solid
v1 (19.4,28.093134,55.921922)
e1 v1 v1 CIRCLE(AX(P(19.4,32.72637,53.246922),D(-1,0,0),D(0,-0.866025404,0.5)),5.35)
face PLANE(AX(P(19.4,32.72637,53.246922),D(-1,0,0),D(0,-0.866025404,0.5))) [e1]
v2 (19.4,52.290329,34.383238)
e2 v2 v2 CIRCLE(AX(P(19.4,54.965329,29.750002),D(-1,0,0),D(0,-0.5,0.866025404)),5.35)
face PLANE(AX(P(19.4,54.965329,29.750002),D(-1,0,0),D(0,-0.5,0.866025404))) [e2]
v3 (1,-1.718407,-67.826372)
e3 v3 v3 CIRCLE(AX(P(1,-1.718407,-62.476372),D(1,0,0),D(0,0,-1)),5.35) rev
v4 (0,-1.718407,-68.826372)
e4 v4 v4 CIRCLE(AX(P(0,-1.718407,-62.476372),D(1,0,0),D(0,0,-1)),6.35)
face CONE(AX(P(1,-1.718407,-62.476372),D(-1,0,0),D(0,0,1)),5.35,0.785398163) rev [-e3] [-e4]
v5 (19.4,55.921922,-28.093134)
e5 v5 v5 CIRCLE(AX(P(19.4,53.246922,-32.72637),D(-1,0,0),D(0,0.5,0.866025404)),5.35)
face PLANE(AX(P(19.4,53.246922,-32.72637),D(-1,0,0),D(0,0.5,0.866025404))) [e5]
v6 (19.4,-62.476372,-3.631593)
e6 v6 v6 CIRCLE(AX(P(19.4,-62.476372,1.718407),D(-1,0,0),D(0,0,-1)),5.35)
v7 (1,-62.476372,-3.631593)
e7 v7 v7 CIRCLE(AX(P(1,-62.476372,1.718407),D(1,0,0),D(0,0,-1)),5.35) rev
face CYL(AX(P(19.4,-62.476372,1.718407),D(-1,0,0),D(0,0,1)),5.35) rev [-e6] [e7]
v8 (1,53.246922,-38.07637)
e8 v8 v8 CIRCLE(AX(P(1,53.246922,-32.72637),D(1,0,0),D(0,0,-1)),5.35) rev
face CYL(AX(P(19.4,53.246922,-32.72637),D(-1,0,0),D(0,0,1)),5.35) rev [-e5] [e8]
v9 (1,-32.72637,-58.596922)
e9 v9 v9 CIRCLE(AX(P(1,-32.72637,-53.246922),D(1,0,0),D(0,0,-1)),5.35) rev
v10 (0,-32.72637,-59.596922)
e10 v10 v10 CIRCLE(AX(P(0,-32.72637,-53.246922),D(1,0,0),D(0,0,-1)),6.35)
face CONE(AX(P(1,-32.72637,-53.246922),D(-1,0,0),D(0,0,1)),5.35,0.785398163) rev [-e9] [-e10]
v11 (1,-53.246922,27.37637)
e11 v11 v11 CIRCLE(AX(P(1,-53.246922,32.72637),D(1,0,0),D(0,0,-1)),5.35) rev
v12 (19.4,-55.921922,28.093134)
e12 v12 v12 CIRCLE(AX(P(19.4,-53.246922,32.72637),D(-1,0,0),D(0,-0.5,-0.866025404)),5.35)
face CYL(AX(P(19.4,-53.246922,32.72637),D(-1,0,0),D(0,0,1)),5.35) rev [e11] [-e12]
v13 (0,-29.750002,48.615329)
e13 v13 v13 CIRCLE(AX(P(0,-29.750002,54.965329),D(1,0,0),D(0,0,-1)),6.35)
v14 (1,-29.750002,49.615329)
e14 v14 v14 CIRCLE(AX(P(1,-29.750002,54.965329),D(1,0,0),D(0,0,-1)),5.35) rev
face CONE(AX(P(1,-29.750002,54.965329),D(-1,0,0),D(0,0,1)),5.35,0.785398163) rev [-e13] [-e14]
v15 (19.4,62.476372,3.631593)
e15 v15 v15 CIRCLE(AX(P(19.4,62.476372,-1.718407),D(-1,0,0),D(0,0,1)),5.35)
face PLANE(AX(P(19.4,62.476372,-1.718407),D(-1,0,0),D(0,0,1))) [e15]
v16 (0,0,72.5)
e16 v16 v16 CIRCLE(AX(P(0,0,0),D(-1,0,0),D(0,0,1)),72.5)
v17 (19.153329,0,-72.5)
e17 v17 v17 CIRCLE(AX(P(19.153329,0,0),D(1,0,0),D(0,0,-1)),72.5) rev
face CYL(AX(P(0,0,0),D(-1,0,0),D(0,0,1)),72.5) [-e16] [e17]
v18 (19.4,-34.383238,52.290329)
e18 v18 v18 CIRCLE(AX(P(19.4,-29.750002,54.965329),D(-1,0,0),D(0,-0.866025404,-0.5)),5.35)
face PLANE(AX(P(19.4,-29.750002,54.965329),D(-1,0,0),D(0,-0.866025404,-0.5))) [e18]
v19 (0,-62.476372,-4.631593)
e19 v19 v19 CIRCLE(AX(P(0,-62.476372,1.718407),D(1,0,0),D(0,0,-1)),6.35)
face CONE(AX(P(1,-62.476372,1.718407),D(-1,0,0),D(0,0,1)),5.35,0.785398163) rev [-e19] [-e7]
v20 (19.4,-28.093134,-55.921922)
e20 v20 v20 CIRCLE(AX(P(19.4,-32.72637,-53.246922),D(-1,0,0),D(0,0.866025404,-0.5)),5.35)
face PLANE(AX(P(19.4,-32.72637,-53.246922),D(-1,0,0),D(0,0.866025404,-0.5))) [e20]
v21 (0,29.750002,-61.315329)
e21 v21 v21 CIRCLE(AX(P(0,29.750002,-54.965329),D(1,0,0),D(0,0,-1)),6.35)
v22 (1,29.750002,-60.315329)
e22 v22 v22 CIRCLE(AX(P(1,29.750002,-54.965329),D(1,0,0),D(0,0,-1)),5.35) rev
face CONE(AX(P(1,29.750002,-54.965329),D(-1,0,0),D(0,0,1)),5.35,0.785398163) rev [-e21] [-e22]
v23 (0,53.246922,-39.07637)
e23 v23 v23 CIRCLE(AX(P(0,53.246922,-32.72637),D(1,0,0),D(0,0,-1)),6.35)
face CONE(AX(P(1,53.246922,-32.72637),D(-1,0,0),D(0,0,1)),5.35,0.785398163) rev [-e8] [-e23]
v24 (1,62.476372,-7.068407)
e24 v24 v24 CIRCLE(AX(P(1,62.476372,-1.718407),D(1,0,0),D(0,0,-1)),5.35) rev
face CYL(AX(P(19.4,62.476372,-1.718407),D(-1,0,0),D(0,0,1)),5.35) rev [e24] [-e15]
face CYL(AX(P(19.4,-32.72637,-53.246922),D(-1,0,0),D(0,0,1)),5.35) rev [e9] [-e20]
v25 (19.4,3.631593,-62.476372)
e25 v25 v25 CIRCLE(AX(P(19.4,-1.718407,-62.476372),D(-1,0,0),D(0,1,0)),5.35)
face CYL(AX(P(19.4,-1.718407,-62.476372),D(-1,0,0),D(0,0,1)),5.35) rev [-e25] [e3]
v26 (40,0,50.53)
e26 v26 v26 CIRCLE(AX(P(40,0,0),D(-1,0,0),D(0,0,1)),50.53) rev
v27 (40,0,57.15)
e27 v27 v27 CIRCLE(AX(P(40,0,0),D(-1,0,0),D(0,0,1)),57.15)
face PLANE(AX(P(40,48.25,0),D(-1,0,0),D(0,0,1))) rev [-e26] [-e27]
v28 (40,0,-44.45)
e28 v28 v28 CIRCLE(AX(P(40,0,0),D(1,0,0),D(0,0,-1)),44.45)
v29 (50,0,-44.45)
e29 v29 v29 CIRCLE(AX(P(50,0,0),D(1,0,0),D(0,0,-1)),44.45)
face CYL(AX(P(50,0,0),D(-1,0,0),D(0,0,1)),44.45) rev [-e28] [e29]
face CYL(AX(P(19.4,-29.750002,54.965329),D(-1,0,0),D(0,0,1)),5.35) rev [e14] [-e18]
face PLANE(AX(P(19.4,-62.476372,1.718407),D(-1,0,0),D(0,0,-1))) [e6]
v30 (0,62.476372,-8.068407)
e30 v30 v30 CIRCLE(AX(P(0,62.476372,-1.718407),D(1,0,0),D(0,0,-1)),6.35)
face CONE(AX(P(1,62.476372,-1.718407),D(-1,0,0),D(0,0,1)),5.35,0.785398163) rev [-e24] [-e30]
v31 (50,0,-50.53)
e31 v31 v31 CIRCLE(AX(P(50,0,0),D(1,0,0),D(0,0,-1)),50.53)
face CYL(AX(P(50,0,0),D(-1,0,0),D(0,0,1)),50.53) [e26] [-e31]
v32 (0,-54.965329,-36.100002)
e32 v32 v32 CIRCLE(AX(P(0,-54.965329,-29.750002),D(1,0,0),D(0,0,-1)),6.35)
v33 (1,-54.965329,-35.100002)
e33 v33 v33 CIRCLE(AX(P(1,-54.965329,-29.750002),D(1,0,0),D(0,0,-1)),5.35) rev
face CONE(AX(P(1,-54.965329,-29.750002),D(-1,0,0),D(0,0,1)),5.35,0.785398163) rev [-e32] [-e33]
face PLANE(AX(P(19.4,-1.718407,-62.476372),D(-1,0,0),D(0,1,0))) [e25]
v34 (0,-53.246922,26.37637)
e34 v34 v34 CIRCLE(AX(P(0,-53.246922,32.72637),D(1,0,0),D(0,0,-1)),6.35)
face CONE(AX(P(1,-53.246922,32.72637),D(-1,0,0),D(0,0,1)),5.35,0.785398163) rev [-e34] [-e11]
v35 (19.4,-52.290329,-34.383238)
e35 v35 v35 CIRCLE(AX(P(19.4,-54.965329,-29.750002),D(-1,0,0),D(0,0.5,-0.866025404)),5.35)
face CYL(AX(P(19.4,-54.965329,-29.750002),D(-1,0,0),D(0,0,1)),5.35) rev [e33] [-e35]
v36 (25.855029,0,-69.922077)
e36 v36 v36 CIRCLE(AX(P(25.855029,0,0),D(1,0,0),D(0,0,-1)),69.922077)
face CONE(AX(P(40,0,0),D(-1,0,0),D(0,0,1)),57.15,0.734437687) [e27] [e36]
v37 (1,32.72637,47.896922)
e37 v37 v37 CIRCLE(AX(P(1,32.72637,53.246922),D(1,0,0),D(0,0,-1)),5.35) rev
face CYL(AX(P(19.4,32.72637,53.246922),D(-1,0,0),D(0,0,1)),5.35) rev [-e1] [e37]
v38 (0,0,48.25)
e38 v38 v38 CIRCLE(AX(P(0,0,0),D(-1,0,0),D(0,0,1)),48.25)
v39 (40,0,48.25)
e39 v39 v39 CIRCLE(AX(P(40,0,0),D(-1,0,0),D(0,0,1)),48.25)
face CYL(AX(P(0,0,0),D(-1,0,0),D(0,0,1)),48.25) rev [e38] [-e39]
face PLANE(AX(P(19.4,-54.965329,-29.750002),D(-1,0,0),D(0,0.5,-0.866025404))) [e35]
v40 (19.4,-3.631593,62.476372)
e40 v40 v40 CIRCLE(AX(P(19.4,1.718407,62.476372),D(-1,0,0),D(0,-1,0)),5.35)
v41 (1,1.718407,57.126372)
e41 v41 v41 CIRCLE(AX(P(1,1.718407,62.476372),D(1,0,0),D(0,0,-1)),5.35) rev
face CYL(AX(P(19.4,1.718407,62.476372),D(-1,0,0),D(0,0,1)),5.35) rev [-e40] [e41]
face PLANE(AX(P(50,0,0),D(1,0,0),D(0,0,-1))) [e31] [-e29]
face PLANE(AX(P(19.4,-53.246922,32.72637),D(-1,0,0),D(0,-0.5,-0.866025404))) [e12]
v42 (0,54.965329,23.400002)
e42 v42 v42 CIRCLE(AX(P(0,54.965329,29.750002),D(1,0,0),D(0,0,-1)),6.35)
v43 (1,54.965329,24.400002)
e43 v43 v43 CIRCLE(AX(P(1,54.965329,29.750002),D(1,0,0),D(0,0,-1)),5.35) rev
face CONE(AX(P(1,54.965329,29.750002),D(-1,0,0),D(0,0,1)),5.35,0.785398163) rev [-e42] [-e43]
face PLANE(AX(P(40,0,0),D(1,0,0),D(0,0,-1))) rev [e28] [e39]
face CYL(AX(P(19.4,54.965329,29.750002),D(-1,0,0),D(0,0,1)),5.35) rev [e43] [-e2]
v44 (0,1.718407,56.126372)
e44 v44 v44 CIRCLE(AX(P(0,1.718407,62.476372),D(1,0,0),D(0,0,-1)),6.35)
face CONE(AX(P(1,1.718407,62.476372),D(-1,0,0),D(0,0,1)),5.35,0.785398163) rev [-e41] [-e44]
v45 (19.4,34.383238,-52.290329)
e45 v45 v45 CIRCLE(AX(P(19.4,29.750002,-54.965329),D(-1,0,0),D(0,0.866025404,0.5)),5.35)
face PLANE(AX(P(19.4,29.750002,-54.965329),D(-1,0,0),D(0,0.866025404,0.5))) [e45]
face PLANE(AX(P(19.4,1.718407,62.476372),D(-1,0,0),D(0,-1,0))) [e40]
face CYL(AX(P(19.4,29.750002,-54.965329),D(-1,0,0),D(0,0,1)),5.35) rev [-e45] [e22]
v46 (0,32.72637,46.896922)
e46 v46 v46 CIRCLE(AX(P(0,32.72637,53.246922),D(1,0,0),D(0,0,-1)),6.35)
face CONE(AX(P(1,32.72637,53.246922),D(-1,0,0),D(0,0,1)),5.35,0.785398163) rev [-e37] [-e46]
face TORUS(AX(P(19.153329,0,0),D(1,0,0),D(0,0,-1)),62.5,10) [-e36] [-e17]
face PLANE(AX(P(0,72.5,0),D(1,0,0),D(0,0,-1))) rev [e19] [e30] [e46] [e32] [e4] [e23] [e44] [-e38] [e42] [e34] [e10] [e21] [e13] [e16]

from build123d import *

# Parameters (mm, degrees)
FILLET1_R                    = 10
SKETCH2_R                    = 50.53
SKETCH2_R_2                  = 44.45
BOSS_EXTRUDE1_DEPTH          = 10
SKETCH3_R                    = 5.35
CUT_EXTRUDE1_DEPTH           = 19.4
CHAMFER1_SIZE                = 1
CIRPATTERN1_COUNT            = 12
CHAMFER1_OF_CIRPATTERN1_SIZE = 1


with BuildPart() as part:
    # Sketch1 → Revolve1 (revolve)
    with BuildSketch(Plane.XY):
        Polygon((0, 48.25), (40, 48.25), (40, 57.15), (23, 72.5), (0, 72.5), align=None)
    revolve(axis=Axis((0, 0, 0), (1, 0, 0)))

    # Fillet1
    fillet1_edges = [part.edges().sort_by_distance(p)[0] for p in [
        (23, -72.5, 0),
    ]]
    fillet(fillet1_edges, radius=FILLET1_R)

    # Sketch2 → Boss-Extrude1 (add)
    with BuildSketch(Plane(origin=(40, 0, 0), x_dir=(0, 0, -1), z_dir=(1, 0, 0))):
        Circle(SKETCH2_R)
        Circle(SKETCH2_R_2, mode=Mode.SUBTRACT)
    extrude(amount=BOSS_EXTRUDE1_DEPTH)

    # Sketch3 → Cut-Extrude1 (cut)
    with BuildSketch(Plane.ZY):
        with Locations((-1.718407093, 62.47637215)):
            Circle(SKETCH3_R)
    cut_extrude1 = extrude(amount=-CUT_EXTRUDE1_DEPTH, mode=Mode.SUBTRACT)

    # Chamfer1
    chamfer1_edges = [part.edges().sort_by_distance(p)[0] for p in [
        (0, 62.47637215, -7.068407093),
    ]]
    chamfer(chamfer1_edges, length=CHAMFER1_SIZE)

    # CirPattern1: Cut-Extrude1 ×12 about axis
    cirpattern1_axis = Axis((0, 0, 0), (1, 0, 0))
    for i in range(1, CIRPATTERN1_COUNT):
        add(cut_extrude1.rotate(cirpattern1_axis, i * 360 / CIRPATTERN1_COUNT), mode=Mode.SUBTRACT)

    # Chamfer1 of CirPattern1
    chamfer1_of_cirpattern1_edges = [part.edges().sort_by_distance(p)[0] for p in [
        (0, 57.640328965, 25.116765969),
        (0, 37.359606182, 50.571921872),
        (0, 7.068407093, 62.47637215),
        (0, -25.116765969, 57.640328965),
        (0, -50.571921872, 37.359606182),
        (0, -62.47637215, 7.068407093),
        (0, -57.640328965, -25.116765969),
        (0, -37.359606182, -50.571921872),
        (0, -7.068407093, -62.47637215),
        (0, 25.116765969, -57.640328965),
        (0, 50.571921872, -37.359606182),
    ]]
    chamfer(chamfer1_of_cirpattern1_edges, length=CHAMFER1_OF_CIRPATTERN1_SIZE)


solid = part.part
